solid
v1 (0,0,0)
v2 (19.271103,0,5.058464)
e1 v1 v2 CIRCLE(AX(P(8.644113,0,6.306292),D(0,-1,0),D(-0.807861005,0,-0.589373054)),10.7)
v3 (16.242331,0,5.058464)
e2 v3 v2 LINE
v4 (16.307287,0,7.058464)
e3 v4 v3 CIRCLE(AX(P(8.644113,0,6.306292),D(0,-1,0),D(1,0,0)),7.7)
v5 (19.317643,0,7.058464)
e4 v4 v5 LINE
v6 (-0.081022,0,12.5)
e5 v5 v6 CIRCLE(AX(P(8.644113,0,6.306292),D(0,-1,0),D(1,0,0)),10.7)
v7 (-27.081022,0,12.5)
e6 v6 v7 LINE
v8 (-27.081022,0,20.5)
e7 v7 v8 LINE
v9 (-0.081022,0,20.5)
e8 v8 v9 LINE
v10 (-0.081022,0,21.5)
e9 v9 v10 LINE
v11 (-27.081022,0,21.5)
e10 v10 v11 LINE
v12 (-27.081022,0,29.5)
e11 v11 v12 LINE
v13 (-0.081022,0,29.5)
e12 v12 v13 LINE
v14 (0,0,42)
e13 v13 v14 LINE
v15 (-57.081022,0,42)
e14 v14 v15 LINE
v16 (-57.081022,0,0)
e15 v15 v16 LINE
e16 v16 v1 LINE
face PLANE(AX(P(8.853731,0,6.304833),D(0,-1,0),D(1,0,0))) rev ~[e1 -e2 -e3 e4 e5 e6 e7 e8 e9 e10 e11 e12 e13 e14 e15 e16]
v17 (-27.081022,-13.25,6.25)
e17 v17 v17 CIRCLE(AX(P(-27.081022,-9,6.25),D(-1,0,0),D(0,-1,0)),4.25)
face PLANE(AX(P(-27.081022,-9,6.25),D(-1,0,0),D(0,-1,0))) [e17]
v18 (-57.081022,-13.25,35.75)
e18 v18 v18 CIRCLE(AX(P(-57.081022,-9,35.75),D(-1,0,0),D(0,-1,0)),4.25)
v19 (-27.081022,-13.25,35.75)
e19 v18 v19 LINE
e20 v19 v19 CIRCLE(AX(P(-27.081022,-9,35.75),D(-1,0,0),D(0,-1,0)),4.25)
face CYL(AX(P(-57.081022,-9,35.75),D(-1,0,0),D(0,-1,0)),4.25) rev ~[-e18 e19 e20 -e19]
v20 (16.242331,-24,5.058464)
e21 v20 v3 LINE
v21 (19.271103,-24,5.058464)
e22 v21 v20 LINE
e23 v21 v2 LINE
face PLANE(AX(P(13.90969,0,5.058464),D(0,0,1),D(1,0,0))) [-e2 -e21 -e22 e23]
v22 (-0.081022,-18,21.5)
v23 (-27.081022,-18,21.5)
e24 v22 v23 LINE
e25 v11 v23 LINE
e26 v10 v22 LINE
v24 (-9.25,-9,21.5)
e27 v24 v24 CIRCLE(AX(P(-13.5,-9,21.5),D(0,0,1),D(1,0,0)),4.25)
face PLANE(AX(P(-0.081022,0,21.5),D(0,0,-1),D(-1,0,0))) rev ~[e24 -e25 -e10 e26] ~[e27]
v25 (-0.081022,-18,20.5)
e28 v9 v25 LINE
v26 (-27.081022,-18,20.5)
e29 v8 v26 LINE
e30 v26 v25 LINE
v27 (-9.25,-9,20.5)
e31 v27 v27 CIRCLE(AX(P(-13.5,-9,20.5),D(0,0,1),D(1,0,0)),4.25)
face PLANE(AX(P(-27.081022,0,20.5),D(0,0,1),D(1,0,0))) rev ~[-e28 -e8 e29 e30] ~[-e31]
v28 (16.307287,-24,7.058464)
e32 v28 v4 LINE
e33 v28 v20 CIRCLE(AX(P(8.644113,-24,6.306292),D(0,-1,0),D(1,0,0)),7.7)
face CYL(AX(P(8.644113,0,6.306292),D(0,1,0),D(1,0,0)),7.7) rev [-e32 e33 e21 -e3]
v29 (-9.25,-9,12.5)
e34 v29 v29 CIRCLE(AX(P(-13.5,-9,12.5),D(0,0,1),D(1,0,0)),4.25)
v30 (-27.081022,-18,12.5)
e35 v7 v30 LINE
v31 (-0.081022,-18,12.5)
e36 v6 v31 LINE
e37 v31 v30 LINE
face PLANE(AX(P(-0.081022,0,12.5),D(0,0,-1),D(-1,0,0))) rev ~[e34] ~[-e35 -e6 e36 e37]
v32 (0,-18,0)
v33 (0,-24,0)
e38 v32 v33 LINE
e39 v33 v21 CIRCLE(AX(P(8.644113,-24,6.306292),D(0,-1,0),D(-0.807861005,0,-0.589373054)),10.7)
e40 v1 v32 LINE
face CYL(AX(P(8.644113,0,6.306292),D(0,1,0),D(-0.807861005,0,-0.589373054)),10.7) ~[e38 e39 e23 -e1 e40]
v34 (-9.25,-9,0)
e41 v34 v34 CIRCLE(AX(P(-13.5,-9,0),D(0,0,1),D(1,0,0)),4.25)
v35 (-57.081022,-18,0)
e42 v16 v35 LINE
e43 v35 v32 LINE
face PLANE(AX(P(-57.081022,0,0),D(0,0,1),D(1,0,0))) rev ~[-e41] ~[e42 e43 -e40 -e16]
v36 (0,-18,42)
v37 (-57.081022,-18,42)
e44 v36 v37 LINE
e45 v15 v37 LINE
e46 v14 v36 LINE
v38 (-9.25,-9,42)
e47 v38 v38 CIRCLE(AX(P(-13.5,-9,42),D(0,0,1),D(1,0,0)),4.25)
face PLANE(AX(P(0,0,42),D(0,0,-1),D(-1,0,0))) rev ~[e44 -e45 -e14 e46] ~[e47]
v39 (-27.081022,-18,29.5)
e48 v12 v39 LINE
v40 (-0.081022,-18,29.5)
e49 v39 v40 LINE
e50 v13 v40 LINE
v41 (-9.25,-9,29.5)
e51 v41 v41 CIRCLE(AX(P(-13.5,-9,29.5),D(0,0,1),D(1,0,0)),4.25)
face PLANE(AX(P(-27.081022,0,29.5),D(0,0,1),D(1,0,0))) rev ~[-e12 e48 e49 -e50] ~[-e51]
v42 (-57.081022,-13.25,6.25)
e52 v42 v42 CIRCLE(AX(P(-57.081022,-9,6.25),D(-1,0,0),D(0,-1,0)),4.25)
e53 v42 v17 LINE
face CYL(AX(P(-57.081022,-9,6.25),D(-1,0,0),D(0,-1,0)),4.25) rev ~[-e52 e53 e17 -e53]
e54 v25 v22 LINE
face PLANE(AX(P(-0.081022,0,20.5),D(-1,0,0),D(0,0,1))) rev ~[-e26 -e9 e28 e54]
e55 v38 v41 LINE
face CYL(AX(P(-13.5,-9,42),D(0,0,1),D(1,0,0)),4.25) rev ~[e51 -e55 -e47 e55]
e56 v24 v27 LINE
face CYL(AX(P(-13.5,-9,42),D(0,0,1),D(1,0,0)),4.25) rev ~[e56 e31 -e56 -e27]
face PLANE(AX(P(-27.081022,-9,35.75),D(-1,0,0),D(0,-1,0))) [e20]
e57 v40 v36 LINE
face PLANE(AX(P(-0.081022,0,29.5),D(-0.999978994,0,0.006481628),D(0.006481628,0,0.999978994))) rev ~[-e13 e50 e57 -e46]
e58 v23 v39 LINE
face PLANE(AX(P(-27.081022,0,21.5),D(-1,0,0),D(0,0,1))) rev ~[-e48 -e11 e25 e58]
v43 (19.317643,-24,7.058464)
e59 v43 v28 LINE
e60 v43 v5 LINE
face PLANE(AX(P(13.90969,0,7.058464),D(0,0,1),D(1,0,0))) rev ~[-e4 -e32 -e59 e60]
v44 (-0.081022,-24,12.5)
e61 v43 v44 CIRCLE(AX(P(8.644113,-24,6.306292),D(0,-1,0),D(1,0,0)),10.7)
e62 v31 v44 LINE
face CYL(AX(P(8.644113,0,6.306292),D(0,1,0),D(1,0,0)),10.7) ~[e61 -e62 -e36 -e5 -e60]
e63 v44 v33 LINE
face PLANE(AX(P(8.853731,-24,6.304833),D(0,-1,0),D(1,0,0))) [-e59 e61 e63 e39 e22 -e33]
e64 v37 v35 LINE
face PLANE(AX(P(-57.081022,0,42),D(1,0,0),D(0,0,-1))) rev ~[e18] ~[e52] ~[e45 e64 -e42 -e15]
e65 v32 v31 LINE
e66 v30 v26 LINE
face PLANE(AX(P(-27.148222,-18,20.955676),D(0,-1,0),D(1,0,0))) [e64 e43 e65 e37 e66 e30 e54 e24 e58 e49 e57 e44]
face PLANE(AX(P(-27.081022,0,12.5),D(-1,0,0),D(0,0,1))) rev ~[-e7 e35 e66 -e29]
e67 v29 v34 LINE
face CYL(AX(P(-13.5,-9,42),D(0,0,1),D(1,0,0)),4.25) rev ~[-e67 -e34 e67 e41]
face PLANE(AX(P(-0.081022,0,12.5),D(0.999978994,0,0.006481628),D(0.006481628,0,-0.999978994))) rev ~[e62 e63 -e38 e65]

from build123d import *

# Parameters (mm, degrees)
F3_DEPTH  = 18
F4_R      = 4.25
F5_DEPTH  = 30
F6_R      = 4.25
F7_DEPTH  = 100
F2_R      = 7.7
F8_DEPTH  = 24
F9_W      = 8
F9_H      = 2
F10_DEPTH = 40


with BuildPart() as f3:
    # F2 (on Front) → F3 (new body)
    with BuildSketch(Plane.XZ):
        with BuildLine():
            Line((-57.0810220509, 0), (0, 0))
            ThreePointArc((0, 0), (-2.0556624872, 6.2369382637), (-0.0810220509, 12.5))
            Line((-0.0810220509, 12.5), (-27.0810220509, 12.5))
            Line((-27.0810220509, 12.5), (-27.0810220509, 20.5))
            Line((-27.0810220509, 20.5), (-27.0810220509, 21))
            Line((-27.0810220509, 21), (-27.0810220509, 21.5))
            Line((-27.0810220509, 21.5), (-27.0810220509, 29.5))
            Line((-27.0810220509, 29.5), (-0.0810220509, 29.5))
            Line((-0.0810220509, 29.5), (0, 42))
            Line((0, 42), (-57.0810220509, 42))
            Line((-57.0810220509, 42), (-57.0810220509, 0))
        make_face()
        with BuildLine():
            ThreePointArc((-0.0810220509, 12.5), (-2.0556624872, 6.2369382637), (0, 0))
            Line((0, 0), (-0.0810220509, 12.5))
        make_face()
        Polygon((-27.0810220509, 21), (-27.0810220509, 20.5), (-0.0810220509, 20.5), (-0.0810220509, 21.5), (-27.0810220509, 21.5), align=None)
    extrude(amount=F3_DEPTH)

    # F4 (on face) → F5 (cut)
    with BuildSketch(Plane(origin=(-57.0810220509, 0, 0), x_dir=(0, -1, 0), z_dir=(-1, 0, 0))):
        with Locations((9, 6.25)):
            Circle(F4_R)
        with Locations((9, 35.75)):
            Circle(F4_R)
    extrude(amount=-F5_DEPTH, mode=Mode.SUBTRACT)

    # F6 (on face) → F7 (cut)
    with BuildSketch(Plane.XY.offset(42)):
        with Locations((-13.5, -9)):
            Circle(F6_R)
    extrude(amount=-F7_DEPTH, mode=Mode.SUBTRACT)

    # F2 (on Front) → F8 (join)
    with BuildSketch(Plane.XZ):
        with BuildLine():
            Line((-0.0810220509, 12.5), (0, 0))
            ThreePointArc((0, 0), (11.9605862967, -3.8667611144), (19.344112749, 6.3062916824))
            ThreePointArc((19.344112749, 6.3062916824), (11.894578688, 16.5006269319), (-0.0810220509, 12.5))
        make_face()
        with Locations((8.644112749, 6.3062916824)):
            Circle(F2_R, mode=Mode.SUBTRACT)
    extrude(amount=F8_DEPTH)

    # F9 (on Front) → F10 (cut)
    with BuildSketch(Plane.XZ):
        with Locations((17.9096895307, 6.058463525)):
            Rectangle(F9_W, F9_H)
    extrude(amount=F10_DEPTH, mode=Mode.SUBTRACT)


solid = f3.part
